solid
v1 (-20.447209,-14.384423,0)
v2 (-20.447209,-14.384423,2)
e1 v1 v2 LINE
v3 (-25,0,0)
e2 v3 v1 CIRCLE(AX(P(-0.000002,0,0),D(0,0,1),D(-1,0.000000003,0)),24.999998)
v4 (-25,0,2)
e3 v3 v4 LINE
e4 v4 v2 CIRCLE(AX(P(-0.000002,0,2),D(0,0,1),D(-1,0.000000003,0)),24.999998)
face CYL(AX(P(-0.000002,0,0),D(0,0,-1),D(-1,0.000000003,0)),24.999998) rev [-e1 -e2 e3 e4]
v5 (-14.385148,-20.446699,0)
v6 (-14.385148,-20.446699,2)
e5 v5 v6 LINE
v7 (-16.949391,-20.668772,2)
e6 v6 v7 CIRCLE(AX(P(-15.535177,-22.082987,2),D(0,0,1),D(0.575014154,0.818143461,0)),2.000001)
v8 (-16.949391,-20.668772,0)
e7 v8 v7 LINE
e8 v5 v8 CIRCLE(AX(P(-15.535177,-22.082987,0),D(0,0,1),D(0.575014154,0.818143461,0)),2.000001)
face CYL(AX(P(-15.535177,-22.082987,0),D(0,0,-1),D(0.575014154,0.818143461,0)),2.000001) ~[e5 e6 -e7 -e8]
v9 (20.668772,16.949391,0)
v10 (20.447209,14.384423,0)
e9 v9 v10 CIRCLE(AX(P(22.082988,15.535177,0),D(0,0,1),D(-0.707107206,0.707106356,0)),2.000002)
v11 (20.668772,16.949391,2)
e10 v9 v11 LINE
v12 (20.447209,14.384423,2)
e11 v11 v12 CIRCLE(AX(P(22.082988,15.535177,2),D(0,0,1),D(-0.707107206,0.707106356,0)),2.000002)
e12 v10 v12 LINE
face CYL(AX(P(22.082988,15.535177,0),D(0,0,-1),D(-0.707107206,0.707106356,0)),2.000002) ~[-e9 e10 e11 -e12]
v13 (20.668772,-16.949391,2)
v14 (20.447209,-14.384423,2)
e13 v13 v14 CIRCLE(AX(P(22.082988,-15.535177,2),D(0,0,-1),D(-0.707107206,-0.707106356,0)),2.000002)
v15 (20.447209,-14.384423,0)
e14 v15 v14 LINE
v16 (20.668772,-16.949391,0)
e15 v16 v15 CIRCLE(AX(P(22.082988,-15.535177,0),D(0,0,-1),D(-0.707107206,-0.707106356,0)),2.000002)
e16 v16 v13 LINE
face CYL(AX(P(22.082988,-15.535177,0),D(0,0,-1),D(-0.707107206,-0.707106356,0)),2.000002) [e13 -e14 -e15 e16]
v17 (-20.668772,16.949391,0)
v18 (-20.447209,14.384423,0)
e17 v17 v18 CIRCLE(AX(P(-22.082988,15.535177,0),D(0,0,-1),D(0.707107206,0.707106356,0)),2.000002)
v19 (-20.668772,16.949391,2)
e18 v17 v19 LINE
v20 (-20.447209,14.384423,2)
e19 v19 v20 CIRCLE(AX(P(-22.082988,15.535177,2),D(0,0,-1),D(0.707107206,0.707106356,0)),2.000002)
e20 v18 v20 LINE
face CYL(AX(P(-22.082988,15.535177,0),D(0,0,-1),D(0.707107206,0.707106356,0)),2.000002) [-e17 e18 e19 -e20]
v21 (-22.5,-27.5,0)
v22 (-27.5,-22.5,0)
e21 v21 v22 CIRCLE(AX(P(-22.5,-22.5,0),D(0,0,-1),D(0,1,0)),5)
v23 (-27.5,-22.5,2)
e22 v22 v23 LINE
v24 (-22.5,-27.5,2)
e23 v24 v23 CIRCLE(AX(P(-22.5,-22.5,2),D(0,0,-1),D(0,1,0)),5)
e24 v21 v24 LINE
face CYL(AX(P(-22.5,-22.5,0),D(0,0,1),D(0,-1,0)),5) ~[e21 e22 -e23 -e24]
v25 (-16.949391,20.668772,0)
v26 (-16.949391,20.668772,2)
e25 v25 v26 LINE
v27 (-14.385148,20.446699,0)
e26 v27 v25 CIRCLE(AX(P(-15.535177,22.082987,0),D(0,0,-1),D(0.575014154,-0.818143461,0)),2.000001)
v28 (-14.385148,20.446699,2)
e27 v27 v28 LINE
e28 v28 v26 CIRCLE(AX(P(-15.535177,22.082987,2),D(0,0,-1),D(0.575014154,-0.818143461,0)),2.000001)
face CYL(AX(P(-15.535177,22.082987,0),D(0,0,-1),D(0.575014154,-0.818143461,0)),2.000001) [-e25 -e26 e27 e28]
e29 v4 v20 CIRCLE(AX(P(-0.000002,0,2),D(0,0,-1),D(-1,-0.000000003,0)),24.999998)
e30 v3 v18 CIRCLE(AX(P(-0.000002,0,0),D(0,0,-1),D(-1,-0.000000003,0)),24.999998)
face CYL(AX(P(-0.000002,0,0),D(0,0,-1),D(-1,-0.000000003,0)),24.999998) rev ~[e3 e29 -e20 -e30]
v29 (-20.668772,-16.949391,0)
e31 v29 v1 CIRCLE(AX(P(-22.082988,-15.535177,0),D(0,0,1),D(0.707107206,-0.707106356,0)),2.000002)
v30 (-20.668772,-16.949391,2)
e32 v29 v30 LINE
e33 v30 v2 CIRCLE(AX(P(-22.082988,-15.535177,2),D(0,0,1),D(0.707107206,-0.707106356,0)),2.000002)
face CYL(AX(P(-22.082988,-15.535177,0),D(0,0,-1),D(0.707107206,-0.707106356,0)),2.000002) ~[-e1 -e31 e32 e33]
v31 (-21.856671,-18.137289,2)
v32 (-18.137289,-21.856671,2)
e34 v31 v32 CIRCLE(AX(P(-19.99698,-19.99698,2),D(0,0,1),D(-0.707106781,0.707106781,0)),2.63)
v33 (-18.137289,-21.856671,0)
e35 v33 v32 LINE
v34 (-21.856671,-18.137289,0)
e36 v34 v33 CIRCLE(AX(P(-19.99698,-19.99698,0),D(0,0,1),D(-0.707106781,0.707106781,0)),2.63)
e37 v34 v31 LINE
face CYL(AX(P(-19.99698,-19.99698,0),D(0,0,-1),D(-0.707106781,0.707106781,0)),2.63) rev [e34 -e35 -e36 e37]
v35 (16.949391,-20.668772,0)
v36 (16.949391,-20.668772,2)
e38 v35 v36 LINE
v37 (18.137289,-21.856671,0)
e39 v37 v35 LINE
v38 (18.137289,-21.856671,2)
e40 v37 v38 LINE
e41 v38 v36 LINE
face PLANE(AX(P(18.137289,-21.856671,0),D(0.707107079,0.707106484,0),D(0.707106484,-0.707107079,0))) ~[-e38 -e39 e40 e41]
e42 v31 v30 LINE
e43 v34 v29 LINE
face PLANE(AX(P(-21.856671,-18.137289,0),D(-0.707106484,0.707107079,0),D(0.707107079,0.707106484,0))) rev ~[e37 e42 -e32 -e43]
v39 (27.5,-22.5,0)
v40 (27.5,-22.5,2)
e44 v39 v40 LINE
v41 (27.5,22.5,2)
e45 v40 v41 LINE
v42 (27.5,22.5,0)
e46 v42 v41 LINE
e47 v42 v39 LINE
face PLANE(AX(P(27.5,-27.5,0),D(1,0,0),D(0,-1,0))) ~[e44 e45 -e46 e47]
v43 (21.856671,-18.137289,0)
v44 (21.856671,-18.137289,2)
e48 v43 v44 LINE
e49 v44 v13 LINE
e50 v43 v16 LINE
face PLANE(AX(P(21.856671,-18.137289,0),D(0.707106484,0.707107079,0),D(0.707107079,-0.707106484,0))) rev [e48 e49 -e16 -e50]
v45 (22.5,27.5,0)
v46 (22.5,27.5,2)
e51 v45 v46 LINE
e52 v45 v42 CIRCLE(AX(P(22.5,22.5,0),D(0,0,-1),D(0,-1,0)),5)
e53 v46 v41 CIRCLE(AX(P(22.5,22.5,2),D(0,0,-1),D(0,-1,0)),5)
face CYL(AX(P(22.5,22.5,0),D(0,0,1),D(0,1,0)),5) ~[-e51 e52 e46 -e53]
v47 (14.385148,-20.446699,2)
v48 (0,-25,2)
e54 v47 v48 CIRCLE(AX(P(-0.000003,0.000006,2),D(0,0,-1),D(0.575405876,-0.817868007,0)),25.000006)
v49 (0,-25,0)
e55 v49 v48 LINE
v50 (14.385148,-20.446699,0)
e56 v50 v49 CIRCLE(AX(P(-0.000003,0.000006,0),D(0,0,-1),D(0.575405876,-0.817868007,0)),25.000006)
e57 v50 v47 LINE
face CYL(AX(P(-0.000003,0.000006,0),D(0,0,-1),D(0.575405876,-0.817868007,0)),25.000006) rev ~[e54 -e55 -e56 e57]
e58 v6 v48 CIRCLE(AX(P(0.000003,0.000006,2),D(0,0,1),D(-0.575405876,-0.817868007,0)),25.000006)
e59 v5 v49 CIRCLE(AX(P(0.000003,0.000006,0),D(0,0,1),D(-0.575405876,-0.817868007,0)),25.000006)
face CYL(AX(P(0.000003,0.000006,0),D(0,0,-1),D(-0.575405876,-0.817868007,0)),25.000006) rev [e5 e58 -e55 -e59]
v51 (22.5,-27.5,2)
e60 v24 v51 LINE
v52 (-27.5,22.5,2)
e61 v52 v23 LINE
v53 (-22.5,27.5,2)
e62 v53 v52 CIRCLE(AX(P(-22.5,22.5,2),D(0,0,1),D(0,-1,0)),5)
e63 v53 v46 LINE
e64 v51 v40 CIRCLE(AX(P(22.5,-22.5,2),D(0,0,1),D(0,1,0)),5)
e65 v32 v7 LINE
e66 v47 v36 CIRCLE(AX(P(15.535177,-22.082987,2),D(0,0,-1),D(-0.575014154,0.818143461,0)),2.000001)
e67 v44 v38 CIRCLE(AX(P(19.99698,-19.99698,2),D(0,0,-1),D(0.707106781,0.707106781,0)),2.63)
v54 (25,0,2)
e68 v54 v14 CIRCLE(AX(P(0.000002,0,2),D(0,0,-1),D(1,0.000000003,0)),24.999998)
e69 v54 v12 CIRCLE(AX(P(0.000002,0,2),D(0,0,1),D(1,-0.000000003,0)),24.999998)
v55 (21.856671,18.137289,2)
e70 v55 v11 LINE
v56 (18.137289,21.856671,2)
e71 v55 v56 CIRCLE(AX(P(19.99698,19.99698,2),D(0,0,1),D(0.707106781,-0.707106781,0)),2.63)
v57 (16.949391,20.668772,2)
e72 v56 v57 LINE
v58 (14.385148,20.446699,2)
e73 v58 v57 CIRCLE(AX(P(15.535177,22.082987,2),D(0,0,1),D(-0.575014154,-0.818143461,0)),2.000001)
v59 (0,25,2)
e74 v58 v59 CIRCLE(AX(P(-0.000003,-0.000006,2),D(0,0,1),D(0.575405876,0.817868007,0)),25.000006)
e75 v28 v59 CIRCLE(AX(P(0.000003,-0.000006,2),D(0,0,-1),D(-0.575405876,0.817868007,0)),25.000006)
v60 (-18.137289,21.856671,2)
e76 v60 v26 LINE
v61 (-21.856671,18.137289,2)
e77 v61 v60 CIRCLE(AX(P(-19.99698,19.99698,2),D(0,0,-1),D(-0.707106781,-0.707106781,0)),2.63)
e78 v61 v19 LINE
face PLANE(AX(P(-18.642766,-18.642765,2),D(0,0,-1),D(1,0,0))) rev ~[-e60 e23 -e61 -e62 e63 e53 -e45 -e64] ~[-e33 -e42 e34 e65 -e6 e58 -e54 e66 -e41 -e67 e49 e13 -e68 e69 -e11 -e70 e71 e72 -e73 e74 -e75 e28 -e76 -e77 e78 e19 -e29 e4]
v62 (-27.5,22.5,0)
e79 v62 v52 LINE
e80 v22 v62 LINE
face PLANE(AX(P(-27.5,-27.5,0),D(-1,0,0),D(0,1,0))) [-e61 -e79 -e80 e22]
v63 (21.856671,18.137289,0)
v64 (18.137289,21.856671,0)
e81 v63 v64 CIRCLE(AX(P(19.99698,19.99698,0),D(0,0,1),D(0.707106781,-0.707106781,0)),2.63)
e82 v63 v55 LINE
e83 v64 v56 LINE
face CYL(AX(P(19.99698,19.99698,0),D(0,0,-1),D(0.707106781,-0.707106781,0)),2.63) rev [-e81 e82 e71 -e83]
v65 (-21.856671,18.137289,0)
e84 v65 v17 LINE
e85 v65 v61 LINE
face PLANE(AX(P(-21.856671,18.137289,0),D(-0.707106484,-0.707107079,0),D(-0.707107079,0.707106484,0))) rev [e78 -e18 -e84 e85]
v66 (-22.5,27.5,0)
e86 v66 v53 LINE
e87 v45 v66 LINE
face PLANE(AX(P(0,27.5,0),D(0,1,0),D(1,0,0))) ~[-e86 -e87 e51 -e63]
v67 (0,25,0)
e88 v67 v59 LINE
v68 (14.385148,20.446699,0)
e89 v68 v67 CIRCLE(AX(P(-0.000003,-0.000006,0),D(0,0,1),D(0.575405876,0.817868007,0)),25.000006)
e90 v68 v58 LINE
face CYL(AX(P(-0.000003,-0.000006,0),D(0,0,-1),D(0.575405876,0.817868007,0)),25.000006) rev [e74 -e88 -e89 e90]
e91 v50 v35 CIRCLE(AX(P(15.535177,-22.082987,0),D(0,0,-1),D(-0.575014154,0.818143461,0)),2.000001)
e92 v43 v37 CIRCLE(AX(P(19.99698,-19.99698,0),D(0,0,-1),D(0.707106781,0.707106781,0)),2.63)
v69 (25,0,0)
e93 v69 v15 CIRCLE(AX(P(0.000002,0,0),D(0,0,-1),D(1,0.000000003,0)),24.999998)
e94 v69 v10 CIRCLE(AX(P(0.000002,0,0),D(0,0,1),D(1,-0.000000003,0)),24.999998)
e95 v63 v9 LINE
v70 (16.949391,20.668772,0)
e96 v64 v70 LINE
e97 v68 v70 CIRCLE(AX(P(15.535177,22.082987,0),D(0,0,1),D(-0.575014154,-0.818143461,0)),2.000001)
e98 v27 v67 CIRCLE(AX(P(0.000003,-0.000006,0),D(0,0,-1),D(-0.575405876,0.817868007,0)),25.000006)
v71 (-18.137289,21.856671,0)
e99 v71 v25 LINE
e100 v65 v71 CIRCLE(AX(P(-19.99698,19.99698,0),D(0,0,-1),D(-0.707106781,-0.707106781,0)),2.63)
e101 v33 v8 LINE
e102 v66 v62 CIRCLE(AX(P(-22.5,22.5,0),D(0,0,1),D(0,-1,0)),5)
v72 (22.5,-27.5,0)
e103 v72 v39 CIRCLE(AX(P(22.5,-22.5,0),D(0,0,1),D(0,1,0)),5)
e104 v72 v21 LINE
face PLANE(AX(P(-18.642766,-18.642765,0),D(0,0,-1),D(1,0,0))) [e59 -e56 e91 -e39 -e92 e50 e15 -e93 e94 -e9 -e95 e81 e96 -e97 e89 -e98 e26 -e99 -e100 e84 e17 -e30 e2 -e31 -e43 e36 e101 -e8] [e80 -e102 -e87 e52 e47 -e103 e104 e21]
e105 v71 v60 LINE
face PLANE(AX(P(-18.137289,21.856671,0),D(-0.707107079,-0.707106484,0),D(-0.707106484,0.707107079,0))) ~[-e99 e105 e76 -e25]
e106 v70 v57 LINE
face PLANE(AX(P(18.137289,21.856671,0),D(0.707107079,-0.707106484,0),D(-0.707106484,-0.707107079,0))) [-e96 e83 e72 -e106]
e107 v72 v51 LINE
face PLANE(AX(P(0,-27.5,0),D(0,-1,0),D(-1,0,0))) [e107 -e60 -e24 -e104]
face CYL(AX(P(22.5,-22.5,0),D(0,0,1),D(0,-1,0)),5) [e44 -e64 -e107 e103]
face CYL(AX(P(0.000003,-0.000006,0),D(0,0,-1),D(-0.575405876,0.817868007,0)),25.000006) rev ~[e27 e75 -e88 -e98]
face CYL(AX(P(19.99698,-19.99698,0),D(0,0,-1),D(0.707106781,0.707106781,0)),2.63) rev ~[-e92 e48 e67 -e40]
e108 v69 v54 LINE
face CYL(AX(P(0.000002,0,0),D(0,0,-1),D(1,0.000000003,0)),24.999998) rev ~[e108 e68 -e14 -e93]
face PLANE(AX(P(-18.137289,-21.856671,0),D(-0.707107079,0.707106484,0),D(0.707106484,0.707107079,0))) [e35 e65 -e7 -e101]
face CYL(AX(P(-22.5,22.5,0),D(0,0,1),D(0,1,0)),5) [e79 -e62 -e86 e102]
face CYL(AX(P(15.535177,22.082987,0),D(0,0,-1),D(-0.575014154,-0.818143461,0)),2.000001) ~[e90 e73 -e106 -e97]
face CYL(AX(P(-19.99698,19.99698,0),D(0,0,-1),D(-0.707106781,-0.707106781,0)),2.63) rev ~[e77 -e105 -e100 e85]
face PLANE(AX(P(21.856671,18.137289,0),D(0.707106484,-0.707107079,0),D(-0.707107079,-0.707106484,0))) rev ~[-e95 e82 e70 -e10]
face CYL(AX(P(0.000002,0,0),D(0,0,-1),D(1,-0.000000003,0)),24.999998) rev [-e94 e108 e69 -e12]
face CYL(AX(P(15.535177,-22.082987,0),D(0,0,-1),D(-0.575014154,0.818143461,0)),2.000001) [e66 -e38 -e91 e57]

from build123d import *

# Parameters (mm, degrees)
PAD_DEPTH = 2
FILLET_R  = 5


with BuildPart() as fillet_body:
    # Sketch → Pad (new body)
    with BuildSketch(Plane.XY):
        with BuildLine():
            ThreePointArc((21.856671, 18.137289), (21.856671, 21.856671), (18.137289, 21.856671))
            Line((18.137289, 21.856671), (16.949391, 20.668772))
            ThreePointArc((14.385148, 20.446699), (15.707739, 20.090444), (16.949391, 20.668772))
            ThreePointArc((14.385148, 20.446699), (7.544286, 23.834507), (0, 25))
            Line((0, 25), (0, 27.5))
            Line((0, 27.5), (27.5, 27.5))
            Line((27.5, 27.5), (27.5, 0))
            Line((27.5, 0), (25, 0))
            ThreePointArc((25, 0), (23.834641, 7.543864), (20.447209, 14.384423))
            ThreePointArc((20.668772, 16.949391), (20.090406, 15.707297), (20.447209, 14.384423))
            Line((21.856671, 18.137289), (20.668772, 16.949391))
        make_face()
    extrude(amount=PAD_DEPTH)

    # Fillet
    fillet_edges = [fillet_body.edges().sort_by_distance(p)[0] for p in [
        (27.5, 27.5, 1),
    ]]
    fillet(fillet_edges, radius=FILLET_R)


with BuildPart() as part_mirroring:
    # Part__Mirroring: instance of Fillet body
    add(fillet_body.part.mirror(Plane(origin=(0, 0, 0), x_dir=(0, -1, 0), z_dir=(1, 0, 0))))


with BuildPart() as fusion:
    # Fusion base: copy of Fillet body
    add(fillet_body.part)

    # Fusion: union Part__Mirroring
    add(part_mirroring.part)


with BuildPart() as part_mirroring001:
    # Part__Mirroring001: instance of Fusion
    add(fusion.part.mirror(Plane(origin=(0, 0, 0), x_dir=(1, 0, 0), z_dir=(0, 1, 0))))


with BuildPart() as fusion001:
    # Fusion001 base: copy of Fusion
    add(fusion.part)

    # Fusion001: union Part__Mirroring001
    add(part_mirroring001.part)


solid = fusion001.part
